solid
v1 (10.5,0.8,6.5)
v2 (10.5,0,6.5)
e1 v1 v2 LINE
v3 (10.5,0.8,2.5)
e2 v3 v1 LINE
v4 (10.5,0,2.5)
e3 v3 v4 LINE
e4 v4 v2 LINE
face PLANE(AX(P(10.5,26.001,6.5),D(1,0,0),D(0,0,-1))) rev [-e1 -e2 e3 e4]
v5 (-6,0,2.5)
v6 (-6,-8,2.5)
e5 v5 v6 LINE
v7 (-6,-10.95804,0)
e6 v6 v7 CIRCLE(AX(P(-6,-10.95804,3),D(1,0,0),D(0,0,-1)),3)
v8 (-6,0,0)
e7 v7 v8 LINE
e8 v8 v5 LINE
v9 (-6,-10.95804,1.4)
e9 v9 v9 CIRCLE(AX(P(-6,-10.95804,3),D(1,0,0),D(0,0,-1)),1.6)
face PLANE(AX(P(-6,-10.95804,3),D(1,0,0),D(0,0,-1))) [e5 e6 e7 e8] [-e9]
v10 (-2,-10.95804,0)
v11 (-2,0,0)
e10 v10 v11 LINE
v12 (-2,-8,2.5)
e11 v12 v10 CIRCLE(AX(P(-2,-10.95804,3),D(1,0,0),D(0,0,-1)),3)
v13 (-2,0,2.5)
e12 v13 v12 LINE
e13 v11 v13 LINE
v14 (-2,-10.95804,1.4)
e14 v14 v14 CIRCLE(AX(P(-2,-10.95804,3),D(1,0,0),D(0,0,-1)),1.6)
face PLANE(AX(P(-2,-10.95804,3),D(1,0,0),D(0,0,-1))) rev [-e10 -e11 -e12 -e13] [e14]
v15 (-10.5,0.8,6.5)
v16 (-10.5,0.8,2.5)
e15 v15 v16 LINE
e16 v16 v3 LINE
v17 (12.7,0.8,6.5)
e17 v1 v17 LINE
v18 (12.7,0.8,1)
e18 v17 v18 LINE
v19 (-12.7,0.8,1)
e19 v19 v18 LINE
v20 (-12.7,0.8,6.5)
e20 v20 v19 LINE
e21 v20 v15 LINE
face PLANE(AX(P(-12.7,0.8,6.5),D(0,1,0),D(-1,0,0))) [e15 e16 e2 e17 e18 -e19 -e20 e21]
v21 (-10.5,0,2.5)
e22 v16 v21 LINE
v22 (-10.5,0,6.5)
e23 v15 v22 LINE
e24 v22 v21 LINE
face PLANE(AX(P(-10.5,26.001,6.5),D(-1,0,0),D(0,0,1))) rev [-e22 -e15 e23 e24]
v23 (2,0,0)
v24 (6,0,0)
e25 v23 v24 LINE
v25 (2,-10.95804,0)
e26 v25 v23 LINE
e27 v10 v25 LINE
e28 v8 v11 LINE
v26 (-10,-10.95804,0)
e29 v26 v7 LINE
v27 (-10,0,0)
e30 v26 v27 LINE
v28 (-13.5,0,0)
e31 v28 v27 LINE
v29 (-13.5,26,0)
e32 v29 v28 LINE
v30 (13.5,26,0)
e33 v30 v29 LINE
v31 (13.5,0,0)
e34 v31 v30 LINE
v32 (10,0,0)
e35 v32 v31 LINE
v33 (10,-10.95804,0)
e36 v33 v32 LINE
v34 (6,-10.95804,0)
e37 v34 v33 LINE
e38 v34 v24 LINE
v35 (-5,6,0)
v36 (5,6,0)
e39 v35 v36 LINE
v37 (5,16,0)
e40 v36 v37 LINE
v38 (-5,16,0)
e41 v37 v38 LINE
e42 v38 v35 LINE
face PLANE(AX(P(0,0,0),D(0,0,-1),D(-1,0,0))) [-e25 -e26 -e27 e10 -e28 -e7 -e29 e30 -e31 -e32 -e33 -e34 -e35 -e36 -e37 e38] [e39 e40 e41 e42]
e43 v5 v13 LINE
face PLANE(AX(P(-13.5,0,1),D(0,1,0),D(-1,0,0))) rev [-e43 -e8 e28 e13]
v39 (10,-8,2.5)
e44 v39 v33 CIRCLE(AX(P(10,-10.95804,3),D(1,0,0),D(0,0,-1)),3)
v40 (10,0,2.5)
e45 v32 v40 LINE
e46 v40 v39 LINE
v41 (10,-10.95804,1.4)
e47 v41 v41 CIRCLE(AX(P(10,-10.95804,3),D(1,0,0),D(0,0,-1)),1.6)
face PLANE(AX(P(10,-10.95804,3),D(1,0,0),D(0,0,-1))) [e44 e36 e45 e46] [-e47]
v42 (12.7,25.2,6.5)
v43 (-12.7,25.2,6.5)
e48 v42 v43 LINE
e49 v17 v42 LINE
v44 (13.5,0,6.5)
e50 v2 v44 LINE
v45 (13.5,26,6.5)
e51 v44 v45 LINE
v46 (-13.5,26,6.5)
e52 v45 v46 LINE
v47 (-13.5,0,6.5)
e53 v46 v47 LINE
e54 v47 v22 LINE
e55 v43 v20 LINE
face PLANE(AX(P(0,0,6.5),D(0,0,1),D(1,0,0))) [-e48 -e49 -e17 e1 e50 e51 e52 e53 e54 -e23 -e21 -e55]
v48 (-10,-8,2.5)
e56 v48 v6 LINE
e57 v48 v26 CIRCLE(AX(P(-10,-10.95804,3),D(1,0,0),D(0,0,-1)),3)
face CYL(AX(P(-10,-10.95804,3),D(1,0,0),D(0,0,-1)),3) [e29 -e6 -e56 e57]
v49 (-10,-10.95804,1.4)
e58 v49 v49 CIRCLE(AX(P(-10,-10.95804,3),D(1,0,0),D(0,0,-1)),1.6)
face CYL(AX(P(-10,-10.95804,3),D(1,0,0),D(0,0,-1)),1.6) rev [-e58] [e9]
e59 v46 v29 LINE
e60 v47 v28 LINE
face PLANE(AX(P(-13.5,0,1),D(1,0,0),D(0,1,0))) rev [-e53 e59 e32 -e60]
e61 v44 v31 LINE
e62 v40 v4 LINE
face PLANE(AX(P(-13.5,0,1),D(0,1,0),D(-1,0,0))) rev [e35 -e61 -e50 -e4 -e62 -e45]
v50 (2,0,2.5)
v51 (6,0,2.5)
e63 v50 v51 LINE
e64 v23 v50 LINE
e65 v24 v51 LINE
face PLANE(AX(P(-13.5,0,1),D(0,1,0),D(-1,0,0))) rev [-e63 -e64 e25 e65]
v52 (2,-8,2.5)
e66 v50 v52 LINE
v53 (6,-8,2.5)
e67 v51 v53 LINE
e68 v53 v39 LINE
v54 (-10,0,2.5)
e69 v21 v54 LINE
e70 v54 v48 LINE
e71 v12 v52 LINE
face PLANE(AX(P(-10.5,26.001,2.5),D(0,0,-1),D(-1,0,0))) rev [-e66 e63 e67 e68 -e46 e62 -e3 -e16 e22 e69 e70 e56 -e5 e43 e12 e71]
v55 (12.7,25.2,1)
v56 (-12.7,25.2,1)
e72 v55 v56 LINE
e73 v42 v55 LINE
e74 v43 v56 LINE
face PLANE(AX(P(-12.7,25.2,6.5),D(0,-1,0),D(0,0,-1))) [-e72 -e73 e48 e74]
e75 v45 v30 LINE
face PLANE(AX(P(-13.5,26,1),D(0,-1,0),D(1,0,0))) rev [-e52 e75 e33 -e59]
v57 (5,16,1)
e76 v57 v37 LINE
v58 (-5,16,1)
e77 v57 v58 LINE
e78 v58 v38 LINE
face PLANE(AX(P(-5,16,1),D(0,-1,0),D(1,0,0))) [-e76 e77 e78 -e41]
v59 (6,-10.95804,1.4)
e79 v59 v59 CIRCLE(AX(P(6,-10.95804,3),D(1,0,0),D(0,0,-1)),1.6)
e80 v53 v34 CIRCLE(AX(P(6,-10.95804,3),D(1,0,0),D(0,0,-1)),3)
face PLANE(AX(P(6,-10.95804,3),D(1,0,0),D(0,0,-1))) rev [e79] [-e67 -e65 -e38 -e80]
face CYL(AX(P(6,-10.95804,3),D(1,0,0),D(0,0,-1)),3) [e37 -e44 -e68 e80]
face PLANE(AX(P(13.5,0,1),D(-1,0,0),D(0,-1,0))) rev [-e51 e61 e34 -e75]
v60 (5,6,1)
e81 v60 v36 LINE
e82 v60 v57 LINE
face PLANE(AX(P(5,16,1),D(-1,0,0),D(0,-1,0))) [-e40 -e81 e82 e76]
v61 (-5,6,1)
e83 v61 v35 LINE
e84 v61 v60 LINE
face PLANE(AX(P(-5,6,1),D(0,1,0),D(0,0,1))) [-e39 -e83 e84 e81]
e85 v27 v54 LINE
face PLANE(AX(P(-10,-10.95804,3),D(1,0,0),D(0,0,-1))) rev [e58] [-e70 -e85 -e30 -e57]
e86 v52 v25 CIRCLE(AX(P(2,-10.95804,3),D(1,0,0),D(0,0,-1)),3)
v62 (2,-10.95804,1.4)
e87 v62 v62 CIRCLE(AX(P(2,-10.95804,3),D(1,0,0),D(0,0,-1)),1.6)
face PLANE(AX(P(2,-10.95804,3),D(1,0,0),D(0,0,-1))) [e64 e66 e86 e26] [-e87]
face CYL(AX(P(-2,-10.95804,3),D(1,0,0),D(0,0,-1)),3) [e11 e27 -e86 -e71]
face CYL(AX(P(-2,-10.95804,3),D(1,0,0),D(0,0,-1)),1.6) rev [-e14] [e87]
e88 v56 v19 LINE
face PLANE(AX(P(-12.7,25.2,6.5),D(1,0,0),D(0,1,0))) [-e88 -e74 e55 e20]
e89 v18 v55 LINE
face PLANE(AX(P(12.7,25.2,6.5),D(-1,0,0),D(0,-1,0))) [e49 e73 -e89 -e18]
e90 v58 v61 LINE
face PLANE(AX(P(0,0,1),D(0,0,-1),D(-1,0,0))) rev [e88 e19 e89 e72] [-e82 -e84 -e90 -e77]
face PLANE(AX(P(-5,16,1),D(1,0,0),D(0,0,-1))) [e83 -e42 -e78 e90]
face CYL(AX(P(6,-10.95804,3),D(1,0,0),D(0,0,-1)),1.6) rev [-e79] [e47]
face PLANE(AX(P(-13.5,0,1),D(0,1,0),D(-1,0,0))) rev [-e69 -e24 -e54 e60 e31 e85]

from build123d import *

# Parameters (mm, degrees)
ESQUISSE1_W                    = 27
ESQUISSE1_H                    = 26
ESQUISSE1_W_2                  = 10
ESQUISSE1_H_2                  = 10
BOSS_EXTRU_1_DEPTH             = 1
ESQUISSE2_W                    = 27
ESQUISSE2_H                    = 26
ESQUISSE2_W_2                  = 25.4
ESQUISSE2_H_2                  = 24.4
BOSS_EXTRU_2_DEPTH             = 5.5
ENL_V_MAT_EXTRU_1_REACH        = 32.008
ESQUISSE3_W                    = 21
ESQUISSE3_H                    = 4
ESQUISSE4_R                    = 1.6
BOSS_EXTRU_3_DEPTH             = 2
R_P_TITION_LIN_AIRE1_COUNT     = 2
R_P_TITION_LIN_AIRE1_PITCH     = 8
R_P_TITION_LIN_AIRE1_COL_COUNT = 2
R_P_TITION_LIN_AIRE1_COL_PITCH = 8


with BuildPart() as part:
    # Esquisse1 → Boss.-Extru.1 (new body)
    with BuildSketch(Plane.XY):
        with Locations((0, 13)):
            Rectangle(ESQUISSE1_W, ESQUISSE1_H)
        with Locations((0, 11)):
            Rectangle(ESQUISSE1_W_2, ESQUISSE1_H_2, mode=Mode.SUBTRACT)
    extrude(amount=BOSS_EXTRU_1_DEPTH)

    # Esquisse2 → Boss.-Extru.2 (add)
    with BuildSketch(Plane.XY.offset(1)):
        with Locations((0, 13)):
            Rectangle(ESQUISSE2_W, ESQUISSE2_H)
        with Locations((0, 13)):
            Rectangle(ESQUISSE2_W_2, ESQUISSE2_H_2, mode=Mode.SUBTRACT)
    extrude(amount=BOSS_EXTRU_2_DEPTH)

    # Esquisse3 → Enlèv. mat.-Extru.1 (cut, up to next)
    with BuildSketch(Plane.XZ, mode=Mode.PRIVATE) as enl_v_mat_extru_1_sk1:
        with Locations((0, 4.5)):
            Rectangle(ESQUISSE3_W, ESQUISSE3_H)
    enl_v_mat_extru_1_tool1 = extrude(enl_v_mat_extru_1_sk1.sketch, amount=-ENL_V_MAT_EXTRU_1_REACH, mode=Mode.PRIVATE) & part.part
    add(enl_v_mat_extru_1_tool1.solids().sort_by_distance((0, 0, 4.5))[0], mode=Mode.SUBTRACT)

    # Esquisse4 → Boss.-Extru.3 (add, symmetric)
    with BuildSketch(Plane(origin=(0, 0, 0), x_dir=(0, 0, -1), z_dir=(1, 0, 0))):
        with BuildLine():
            Line((0, -8), (0, -10.958039892))
            ThreePointArc((0, -10.958039892), (-5.291287847, -12.894531565), (-2.5, -8))
            Line((-2.5, -8), (-2.5, 0))
            Line((-2.5, 0), (0, 0))
            Line((0, 0), (0, -8))
        make_face()
        with Locations((-3, -10.958039892)):
            Circle(ESQUISSE4_R, mode=Mode.SUBTRACT)
    boss_extru_3 = extrude(amount=BOSS_EXTRU_3_DEPTH, both=True)

    # Répétition linéaire1: Boss.-Extru.3 ×2
    with Locations(*[(-i * R_P_TITION_LIN_AIRE1_PITCH, 0, 0) for i in range(1, R_P_TITION_LIN_AIRE1_COUNT)]):
        add(boss_extru_3)

    # Répétition linéaire1 col: Boss.-Extru.3 ×2
    with Locations(*[(i * R_P_TITION_LIN_AIRE1_COL_PITCH, 0, 0) for i in range(1, R_P_TITION_LIN_AIRE1_COL_COUNT)]):
        add(boss_extru_3)


solid = part.part
